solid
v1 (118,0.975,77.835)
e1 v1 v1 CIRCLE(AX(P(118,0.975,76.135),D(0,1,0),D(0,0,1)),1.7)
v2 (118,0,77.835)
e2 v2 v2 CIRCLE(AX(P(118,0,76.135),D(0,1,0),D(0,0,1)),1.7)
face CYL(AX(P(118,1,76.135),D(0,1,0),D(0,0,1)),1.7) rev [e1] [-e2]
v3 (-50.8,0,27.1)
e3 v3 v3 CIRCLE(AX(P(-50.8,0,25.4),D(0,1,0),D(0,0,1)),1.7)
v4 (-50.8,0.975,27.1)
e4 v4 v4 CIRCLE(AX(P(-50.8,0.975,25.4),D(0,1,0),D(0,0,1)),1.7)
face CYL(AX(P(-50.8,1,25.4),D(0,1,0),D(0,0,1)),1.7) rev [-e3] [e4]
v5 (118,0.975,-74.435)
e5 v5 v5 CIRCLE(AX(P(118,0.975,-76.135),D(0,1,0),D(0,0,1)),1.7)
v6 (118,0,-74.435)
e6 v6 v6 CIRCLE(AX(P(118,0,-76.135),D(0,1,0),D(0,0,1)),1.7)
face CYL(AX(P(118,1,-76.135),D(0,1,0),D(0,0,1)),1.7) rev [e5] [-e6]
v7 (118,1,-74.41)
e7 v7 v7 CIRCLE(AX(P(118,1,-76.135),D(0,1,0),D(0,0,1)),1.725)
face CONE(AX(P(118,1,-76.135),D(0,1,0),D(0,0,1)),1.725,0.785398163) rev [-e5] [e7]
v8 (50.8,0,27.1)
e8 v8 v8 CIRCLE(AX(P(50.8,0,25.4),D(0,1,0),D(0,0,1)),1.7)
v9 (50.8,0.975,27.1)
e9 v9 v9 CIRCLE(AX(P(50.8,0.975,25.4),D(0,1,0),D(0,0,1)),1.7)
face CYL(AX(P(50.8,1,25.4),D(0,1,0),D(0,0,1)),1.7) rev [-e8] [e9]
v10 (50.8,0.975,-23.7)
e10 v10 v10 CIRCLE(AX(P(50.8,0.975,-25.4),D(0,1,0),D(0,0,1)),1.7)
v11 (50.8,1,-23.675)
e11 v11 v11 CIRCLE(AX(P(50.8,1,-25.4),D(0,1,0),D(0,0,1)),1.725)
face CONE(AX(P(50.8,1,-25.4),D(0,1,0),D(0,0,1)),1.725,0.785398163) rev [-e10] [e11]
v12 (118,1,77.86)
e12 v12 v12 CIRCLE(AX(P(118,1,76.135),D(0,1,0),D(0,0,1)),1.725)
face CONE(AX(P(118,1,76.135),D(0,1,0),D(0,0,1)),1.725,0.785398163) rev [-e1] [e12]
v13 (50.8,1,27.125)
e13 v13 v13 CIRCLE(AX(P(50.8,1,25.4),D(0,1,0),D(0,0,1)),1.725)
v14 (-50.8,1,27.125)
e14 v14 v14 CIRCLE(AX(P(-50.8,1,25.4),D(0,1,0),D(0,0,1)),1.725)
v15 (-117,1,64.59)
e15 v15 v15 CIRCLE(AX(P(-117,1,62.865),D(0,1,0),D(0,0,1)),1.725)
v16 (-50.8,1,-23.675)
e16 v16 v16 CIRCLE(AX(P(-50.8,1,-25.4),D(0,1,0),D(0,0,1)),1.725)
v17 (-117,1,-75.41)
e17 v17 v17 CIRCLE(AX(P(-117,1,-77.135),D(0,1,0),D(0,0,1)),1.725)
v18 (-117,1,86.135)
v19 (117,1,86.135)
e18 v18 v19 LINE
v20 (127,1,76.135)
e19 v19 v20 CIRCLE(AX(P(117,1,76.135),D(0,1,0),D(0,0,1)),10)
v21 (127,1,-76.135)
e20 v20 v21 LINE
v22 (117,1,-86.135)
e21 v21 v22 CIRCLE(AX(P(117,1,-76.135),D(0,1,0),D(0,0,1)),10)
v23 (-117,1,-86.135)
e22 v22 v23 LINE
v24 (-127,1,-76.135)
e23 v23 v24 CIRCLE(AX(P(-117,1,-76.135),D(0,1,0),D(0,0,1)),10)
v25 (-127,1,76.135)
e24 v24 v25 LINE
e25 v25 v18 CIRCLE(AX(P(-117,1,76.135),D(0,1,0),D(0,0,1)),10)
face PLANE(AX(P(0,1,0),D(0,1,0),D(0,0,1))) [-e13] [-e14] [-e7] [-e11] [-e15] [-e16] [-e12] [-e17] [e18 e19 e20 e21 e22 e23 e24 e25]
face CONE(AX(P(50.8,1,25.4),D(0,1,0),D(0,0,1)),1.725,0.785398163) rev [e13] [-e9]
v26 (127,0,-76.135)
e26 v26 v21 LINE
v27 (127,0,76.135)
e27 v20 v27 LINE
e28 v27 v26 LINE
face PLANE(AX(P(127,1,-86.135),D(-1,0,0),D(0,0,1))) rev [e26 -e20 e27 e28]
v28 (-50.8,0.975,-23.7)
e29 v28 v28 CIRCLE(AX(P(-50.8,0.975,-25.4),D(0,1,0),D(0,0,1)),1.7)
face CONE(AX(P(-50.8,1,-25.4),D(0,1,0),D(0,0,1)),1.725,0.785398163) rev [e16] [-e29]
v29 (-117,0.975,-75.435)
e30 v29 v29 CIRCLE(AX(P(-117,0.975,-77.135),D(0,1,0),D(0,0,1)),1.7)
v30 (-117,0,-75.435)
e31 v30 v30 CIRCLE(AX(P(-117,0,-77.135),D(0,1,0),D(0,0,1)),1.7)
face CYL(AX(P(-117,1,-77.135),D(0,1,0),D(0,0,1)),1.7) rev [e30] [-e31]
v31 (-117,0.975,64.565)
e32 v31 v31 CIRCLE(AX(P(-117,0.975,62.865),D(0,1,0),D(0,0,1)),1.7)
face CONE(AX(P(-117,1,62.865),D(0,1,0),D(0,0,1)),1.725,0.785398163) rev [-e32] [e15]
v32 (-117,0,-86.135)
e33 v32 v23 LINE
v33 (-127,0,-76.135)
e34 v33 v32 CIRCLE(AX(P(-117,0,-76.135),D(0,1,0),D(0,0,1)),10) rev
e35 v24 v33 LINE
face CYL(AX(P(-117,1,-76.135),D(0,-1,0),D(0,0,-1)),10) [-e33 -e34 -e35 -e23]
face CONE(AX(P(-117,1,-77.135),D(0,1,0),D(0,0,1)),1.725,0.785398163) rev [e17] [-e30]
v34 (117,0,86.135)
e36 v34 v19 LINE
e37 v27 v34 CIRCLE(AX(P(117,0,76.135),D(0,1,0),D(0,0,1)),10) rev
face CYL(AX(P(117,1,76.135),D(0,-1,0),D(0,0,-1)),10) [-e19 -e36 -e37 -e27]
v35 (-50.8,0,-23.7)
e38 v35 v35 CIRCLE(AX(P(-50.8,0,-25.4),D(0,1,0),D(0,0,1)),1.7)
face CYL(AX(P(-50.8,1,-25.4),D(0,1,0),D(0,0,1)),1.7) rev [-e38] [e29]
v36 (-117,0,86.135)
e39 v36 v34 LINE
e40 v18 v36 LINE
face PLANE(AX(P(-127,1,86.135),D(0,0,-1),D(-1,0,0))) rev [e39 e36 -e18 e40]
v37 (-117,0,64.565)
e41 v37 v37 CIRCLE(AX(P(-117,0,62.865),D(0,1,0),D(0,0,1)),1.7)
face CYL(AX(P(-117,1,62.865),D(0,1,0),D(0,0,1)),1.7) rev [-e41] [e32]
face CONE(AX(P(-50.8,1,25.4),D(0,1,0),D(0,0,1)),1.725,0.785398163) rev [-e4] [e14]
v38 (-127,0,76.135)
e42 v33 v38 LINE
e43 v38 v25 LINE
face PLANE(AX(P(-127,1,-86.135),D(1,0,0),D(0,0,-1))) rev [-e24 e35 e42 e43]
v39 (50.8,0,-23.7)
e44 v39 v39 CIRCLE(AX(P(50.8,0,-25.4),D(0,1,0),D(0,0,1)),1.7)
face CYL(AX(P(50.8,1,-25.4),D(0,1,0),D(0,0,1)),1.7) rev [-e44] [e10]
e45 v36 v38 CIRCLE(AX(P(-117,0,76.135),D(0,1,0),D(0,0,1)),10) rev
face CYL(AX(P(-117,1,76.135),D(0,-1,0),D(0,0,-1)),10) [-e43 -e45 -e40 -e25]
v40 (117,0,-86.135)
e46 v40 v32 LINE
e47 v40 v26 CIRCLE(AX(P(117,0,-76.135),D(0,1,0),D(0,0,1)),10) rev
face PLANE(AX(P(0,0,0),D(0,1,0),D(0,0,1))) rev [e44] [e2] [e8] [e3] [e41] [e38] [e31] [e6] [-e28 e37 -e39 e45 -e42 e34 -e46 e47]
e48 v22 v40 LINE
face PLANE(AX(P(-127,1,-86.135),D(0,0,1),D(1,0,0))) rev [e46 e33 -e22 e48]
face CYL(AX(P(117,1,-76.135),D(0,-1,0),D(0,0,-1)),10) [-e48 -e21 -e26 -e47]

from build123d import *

# Parameters (mm, degrees)
SKETCH1_W                     = 254
SKETCH1_H                     = 172.27
BOSS_EXTRUDE1_DEPTH           = 1
FILLET1_R                     = 10
M3_CLEARANCE_HOLE1_AT_2_COUNT = 2
M3_CLEARANCE_HOLE1_AT_2_PITCH = 140
M3_CLEARANCE_HOLE1_AT_3_COUNT = 2
M3_CLEARANCE_HOLE1_AT_3_PITCH = 280.564953086
M3_CLEARANCE_HOLE1_AT_4_COUNT = 2
M3_CLEARANCE_HOLE1_AT_4_PITCH = 235.00212765
M3_CLEARANCE_HOLE1_AT_5_COUNT = 2
M3_CLEARANCE_HOLE1_AT_5_PITCH = 122.048622381
M3_CLEARANCE_HOLE1_AT_6_COUNT = 2
M3_CLEARANCE_HOLE1_AT_6_PITCH = 196.647568571
M3_CLEARANCE_HOLE1_AT_7_COUNT = 2
M3_CLEARANCE_HOLE1_AT_7_PITCH = 84.017559028
M3_CLEARANCE_HOLE1_AT_8_COUNT = 2
M3_CLEARANCE_HOLE1_AT_8_PITCH = 175.594277313


with BuildPart() as part:
    # Sketch1 → Boss-Extrude1 (new body)
    with BuildSketch(Plane(origin=(0, 0, 0), x_dir=(1, 0, 0), z_dir=(0, 1, 0))):
        Rectangle(SKETCH1_W, SKETCH1_H)
    extrude(amount=BOSS_EXTRUDE1_DEPTH)

    # Fillet1
    fillet1_edges = [part.edges().sort_by_distance(p)[0] for p in [
        (127, 0.5, 86.135),
        (-127, 0.5, 86.135),
        (-127, 0.5, -86.135),
        (127, 0.5, -86.135),
    ]]
    fillet(fillet1_edges, radius=FILLET1_R)

    # Sketch3 → M3 Clearance Hole1 (revolve, cut)
    with BuildSketch(Plane(origin=(-117, 1, -77.135), x_dir=(0, 0, 1), z_dir=(1, 0, 0))):
        Polygon((0, 0), (0, 1), (1.7, 1), (1.7, 0.025), (1.725, 0), align=None)
    m3_clearance_hole1 = revolve(axis=Axis((-117, 7.35, -77.135), (0, -1, 0)), mode=Mode.SUBTRACT)

    # M3 Clearance Hole1 at 2: M3 Clearance Hole1 ×2
    with Locations(*[(0, 0, i * M3_CLEARANCE_HOLE1_AT_2_PITCH) for i in range(1, M3_CLEARANCE_HOLE1_AT_2_COUNT)]):
        add(m3_clearance_hole1, mode=Mode.SUBTRACT)

    # M3 Clearance Hole1 at 3: M3 Clearance Hole1 ×2
    with Locations(*[Vector(0.837595706, 0, 0.546290612) * (i * M3_CLEARANCE_HOLE1_AT_3_PITCH) for i in range(1, M3_CLEARANCE_HOLE1_AT_3_COUNT)]):
        add(m3_clearance_hole1, mode=Mode.SUBTRACT)

    # M3 Clearance Hole1 at 4: M3 Clearance Hole1 ×2
    with Locations(*[Vector(0.999990946, 0, 0.004255281) * (i * M3_CLEARANCE_HOLE1_AT_4_PITCH) for i in range(1, M3_CLEARANCE_HOLE1_AT_4_COUNT)]):
        add(m3_clearance_hole1, mode=Mode.SUBTRACT)

    # M3 Clearance Hole1 at 5: M3 Clearance Hole1 ×2
    with Locations(*[Vector(0.542406778, 0, 0.840115996) * (i * M3_CLEARANCE_HOLE1_AT_5_PITCH) for i in range(1, M3_CLEARANCE_HOLE1_AT_5_COUNT)]):
        add(m3_clearance_hole1, mode=Mode.SUBTRACT)

    # M3 Clearance Hole1 at 6: M3 Clearance Hole1 ×2
    with Locations(*[Vector(0.853303202, 0, 0.521415041) * (i * M3_CLEARANCE_HOLE1_AT_6_PITCH) for i in range(1, M3_CLEARANCE_HOLE1_AT_6_COUNT)]):
        add(m3_clearance_hole1, mode=Mode.SUBTRACT)

    # M3 Clearance Hole1 at 7: M3 Clearance Hole1 ×2
    with Locations(*[Vector(0.787930532, 0, 0.61576414) * (i * M3_CLEARANCE_HOLE1_AT_7_PITCH) for i in range(1, M3_CLEARANCE_HOLE1_AT_7_COUNT)]):
        add(m3_clearance_hole1, mode=Mode.SUBTRACT)

    # M3 Clearance Hole1 at 8: M3 Clearance Hole1 ×2
    with Locations(*[Vector(0.955612008, 0, 0.294628053) * (i * M3_CLEARANCE_HOLE1_AT_8_PITCH) for i in range(1, M3_CLEARANCE_HOLE1_AT_8_COUNT)]):
        add(m3_clearance_hole1, mode=Mode.SUBTRACT)


solid = part.part
